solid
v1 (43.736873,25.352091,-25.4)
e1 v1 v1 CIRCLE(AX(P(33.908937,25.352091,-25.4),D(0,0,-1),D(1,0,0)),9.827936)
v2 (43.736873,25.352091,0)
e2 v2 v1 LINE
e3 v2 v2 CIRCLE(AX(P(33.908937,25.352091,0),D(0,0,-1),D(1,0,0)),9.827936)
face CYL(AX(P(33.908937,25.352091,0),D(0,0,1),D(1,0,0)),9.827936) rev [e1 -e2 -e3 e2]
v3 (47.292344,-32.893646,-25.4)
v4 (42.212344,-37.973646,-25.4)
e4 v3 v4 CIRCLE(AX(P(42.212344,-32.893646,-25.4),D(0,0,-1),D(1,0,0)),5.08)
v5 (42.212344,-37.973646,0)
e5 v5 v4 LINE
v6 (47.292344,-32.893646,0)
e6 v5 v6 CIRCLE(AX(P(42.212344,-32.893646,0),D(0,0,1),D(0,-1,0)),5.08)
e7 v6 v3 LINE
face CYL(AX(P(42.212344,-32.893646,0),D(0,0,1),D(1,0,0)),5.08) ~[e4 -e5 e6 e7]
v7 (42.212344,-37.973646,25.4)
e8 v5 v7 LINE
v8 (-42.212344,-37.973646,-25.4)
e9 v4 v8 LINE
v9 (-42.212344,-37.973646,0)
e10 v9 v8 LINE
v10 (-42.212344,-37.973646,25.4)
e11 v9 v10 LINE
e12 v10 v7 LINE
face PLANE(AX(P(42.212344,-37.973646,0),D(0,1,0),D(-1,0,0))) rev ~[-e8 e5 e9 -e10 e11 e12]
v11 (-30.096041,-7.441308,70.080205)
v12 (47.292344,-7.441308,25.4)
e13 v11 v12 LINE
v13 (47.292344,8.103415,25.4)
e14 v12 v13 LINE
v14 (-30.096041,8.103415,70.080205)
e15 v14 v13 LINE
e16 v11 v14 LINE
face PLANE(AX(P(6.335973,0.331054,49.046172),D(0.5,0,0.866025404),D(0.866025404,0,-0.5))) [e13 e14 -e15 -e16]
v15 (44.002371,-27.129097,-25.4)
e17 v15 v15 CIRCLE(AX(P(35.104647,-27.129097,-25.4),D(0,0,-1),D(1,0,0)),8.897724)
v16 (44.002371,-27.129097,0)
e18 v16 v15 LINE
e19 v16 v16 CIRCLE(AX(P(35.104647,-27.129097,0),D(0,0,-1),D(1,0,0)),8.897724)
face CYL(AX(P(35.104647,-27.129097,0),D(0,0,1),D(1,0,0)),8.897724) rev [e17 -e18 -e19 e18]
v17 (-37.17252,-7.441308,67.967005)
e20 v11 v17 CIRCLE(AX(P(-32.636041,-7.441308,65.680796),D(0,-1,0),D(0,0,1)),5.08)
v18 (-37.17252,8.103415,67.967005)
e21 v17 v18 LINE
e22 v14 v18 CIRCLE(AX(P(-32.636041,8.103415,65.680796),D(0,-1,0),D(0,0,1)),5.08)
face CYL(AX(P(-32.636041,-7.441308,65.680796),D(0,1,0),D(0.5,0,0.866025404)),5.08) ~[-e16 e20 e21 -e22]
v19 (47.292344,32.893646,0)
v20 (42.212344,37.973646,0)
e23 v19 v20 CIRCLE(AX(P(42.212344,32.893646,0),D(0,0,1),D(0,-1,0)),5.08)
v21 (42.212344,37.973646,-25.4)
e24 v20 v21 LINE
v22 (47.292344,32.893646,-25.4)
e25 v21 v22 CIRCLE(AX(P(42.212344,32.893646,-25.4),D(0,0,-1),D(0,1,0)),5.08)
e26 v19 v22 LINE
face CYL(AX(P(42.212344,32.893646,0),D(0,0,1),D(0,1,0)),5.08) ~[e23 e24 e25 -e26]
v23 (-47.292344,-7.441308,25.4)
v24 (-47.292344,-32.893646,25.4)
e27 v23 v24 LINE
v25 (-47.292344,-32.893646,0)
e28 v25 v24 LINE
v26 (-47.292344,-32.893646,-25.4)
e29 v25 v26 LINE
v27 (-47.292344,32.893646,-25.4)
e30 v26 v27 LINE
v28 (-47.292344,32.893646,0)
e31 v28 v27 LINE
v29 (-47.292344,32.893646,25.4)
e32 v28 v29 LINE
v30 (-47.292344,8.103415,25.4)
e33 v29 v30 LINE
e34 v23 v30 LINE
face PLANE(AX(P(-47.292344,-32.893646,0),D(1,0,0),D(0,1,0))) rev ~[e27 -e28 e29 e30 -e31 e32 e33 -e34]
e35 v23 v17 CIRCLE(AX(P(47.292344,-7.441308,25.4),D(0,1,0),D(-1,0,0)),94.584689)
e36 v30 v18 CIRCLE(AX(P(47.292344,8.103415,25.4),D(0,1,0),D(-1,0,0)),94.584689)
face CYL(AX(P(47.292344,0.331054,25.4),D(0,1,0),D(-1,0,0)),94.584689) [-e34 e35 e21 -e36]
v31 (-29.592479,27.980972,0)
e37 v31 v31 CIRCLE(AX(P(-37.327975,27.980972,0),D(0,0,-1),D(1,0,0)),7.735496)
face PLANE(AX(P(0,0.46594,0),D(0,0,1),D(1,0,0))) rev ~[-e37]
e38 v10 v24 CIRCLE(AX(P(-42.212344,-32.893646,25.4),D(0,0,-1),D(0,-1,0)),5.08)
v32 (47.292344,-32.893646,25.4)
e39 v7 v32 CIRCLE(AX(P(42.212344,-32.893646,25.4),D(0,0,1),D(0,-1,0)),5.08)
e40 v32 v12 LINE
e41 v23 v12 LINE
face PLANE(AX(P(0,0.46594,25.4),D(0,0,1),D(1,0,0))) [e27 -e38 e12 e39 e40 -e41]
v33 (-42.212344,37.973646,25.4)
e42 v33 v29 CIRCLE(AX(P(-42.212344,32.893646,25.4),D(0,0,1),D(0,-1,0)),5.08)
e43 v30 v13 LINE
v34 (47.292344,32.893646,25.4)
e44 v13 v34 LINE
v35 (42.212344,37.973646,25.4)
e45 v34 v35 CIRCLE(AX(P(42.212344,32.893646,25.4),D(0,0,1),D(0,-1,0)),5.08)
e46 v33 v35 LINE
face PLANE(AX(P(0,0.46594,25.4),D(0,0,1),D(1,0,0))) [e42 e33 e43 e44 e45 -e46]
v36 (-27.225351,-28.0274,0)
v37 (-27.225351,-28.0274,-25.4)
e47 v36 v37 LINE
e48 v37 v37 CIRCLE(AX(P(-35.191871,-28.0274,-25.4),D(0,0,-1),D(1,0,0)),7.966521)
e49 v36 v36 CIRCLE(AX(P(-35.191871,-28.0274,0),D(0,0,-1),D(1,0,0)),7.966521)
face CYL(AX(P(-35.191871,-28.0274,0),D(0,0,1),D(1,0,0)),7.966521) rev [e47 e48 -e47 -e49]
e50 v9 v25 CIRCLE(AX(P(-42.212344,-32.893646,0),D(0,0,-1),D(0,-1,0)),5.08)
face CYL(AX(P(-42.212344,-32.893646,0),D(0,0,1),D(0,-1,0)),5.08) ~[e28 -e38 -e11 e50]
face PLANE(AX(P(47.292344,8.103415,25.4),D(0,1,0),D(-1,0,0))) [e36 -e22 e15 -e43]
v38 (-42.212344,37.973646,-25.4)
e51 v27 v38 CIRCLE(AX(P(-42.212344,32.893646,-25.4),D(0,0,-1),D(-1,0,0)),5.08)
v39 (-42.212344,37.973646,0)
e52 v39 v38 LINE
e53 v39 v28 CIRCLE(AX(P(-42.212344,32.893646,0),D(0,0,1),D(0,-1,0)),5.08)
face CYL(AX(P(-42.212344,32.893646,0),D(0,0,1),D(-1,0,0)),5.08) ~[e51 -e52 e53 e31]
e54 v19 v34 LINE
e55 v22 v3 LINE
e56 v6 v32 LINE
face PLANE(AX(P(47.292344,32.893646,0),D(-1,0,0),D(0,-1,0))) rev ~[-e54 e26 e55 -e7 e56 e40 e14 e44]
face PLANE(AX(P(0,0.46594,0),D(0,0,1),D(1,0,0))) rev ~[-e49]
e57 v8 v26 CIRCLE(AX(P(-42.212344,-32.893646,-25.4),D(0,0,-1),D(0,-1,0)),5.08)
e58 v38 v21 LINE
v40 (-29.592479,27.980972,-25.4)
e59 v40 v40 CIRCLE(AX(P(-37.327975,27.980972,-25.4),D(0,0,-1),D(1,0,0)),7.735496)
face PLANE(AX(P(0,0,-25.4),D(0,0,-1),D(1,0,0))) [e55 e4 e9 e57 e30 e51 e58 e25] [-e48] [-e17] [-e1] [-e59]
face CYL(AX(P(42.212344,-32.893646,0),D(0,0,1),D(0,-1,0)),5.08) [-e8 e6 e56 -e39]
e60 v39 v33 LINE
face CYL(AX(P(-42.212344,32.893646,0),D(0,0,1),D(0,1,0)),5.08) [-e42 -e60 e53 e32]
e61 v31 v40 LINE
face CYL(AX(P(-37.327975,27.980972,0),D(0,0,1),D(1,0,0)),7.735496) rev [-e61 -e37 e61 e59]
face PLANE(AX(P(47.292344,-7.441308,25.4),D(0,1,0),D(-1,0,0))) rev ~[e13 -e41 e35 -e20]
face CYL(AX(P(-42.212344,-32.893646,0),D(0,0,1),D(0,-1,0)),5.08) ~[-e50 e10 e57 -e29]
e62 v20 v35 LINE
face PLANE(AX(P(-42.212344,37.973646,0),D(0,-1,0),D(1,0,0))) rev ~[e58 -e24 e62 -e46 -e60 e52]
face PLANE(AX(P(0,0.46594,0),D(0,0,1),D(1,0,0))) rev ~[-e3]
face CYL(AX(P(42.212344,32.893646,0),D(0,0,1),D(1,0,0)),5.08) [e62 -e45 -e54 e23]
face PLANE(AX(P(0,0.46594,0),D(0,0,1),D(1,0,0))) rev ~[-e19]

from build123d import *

# Parameters (mm, degrees)
F0_W     = 94.5846885443
F0_H     = 28.4219961613
F0_H_2   = 24.2285877466
F0_H_3   = 23.2967082411
F1_DEPTH = 25.4
F2_W     = 94.5846885443
F2_H     = 15.5447232537
F3_ANGLE = 30
F4_R     = 5.08
F5_R     = 5.08
F6_R     = 5.08
F7_R     = 7.7354958654
F7_R_2   = 9.827935595
F7_R_3   = 7.966520615
F7_R_4   = 8.8977236071
F8_DEPTH = 25.4


with BuildPart() as f1:
    # F0 (on Top) → F1 (new body)
    with BuildSketch(Plane.XY):
        with Locations((0, 0.4659397528)):
            Rectangle(F0_W, F0_H)
        with Locations((0, -25.8593522012)):
            Rectangle(F0_W, F0_H_2)
        with Locations((0, 26.325291954)):
            Rectangle(F0_W, F0_H_3)
    extrude(amount=F1_DEPTH)

    # F2 (on face) → F3 (revolve)
    with BuildSketch(Plane.XY.offset(25.4)):
        with Locations((0, 0.3310537431)):
            Rectangle(F2_W, F2_H)
    revolve(axis=Axis((47.2923442721, 0.3310537431, 25.4), (0, 1, 0)), revolution_arc=F3_ANGLE)

    # F4
    f4_edges = [f1.edges().sort_by_distance(p)[0] for p in [
        (-47.292344, -37.973646, 12.7),
        (47.292344, -37.973646, 12.7),
    ]]
    fillet(f4_edges, radius=F4_R)

    # F5
    f5_edges = [f1.edges().sort_by_distance(p)[0] for p in [
        (47.292344, 37.973646, 12.7),
    ]]
    fillet(f5_edges, radius=F5_R)

    # F6
    f6_edges = [f1.edges().sort_by_distance(p)[0] for p in [
        (-47.292344, 37.973646, 12.7),
        (-34.620399, 0.331054, 72.692344),
    ]]
    fillet(f6_edges, radius=F6_R)

    # F7 (on face) → F8 (join)
    with BuildSketch(Plane(origin=(0, 0, 0), x_dir=(1, 0, 0), z_dir=(0, 0, -1))):
        with BuildLine():
            ThreePointArc((-47.2923442721, -32.8936460745), (-45.8044467206, -36.485748523), (-42.2123442721, -37.9736460745))
            Line((-42.2123442721, -37.9736460745), (42.2123442721, -37.9736460745))
            ThreePointArc((42.2123442721, -37.9736460745), (45.8044467206, -36.485748523), (47.2923442721, -32.8936460745))
            Line((47.2923442721, -32.8936460745), (47.2923442721, 32.8936460745))
            ThreePointArc((47.2923442721, 32.8936460745), (45.8044467206, 36.485748523), (42.2123442721, 37.9736460745))
            Line((42.2123442721, 37.9736460745), (-42.2123442721, 37.9736460745))
            ThreePointArc((-42.2123442721, 37.9736460745), (-45.8044467206, 36.485748523), (-47.2923442721, 32.8936460745))
            Line((-47.2923442721, 32.8936460745), (-47.2923442721, -32.8936460745))
        make_face()
        with Locations((-37.3279750347, -27.9809720814)):
            Circle(F7_R, mode=Mode.SUBTRACT)
        with Locations((33.9089371264, -25.3520905972)):
            Circle(F7_R_2, mode=Mode.SUBTRACT)
        with Locations((-35.1918712258, 28.0274003744)):
            Circle(F7_R_3, mode=Mode.SUBTRACT)
        with Locations((35.1046472788, 27.1290969104)):
            Circle(F7_R_4, mode=Mode.SUBTRACT)
    extrude(amount=F8_DEPTH)


solid = f1.part
